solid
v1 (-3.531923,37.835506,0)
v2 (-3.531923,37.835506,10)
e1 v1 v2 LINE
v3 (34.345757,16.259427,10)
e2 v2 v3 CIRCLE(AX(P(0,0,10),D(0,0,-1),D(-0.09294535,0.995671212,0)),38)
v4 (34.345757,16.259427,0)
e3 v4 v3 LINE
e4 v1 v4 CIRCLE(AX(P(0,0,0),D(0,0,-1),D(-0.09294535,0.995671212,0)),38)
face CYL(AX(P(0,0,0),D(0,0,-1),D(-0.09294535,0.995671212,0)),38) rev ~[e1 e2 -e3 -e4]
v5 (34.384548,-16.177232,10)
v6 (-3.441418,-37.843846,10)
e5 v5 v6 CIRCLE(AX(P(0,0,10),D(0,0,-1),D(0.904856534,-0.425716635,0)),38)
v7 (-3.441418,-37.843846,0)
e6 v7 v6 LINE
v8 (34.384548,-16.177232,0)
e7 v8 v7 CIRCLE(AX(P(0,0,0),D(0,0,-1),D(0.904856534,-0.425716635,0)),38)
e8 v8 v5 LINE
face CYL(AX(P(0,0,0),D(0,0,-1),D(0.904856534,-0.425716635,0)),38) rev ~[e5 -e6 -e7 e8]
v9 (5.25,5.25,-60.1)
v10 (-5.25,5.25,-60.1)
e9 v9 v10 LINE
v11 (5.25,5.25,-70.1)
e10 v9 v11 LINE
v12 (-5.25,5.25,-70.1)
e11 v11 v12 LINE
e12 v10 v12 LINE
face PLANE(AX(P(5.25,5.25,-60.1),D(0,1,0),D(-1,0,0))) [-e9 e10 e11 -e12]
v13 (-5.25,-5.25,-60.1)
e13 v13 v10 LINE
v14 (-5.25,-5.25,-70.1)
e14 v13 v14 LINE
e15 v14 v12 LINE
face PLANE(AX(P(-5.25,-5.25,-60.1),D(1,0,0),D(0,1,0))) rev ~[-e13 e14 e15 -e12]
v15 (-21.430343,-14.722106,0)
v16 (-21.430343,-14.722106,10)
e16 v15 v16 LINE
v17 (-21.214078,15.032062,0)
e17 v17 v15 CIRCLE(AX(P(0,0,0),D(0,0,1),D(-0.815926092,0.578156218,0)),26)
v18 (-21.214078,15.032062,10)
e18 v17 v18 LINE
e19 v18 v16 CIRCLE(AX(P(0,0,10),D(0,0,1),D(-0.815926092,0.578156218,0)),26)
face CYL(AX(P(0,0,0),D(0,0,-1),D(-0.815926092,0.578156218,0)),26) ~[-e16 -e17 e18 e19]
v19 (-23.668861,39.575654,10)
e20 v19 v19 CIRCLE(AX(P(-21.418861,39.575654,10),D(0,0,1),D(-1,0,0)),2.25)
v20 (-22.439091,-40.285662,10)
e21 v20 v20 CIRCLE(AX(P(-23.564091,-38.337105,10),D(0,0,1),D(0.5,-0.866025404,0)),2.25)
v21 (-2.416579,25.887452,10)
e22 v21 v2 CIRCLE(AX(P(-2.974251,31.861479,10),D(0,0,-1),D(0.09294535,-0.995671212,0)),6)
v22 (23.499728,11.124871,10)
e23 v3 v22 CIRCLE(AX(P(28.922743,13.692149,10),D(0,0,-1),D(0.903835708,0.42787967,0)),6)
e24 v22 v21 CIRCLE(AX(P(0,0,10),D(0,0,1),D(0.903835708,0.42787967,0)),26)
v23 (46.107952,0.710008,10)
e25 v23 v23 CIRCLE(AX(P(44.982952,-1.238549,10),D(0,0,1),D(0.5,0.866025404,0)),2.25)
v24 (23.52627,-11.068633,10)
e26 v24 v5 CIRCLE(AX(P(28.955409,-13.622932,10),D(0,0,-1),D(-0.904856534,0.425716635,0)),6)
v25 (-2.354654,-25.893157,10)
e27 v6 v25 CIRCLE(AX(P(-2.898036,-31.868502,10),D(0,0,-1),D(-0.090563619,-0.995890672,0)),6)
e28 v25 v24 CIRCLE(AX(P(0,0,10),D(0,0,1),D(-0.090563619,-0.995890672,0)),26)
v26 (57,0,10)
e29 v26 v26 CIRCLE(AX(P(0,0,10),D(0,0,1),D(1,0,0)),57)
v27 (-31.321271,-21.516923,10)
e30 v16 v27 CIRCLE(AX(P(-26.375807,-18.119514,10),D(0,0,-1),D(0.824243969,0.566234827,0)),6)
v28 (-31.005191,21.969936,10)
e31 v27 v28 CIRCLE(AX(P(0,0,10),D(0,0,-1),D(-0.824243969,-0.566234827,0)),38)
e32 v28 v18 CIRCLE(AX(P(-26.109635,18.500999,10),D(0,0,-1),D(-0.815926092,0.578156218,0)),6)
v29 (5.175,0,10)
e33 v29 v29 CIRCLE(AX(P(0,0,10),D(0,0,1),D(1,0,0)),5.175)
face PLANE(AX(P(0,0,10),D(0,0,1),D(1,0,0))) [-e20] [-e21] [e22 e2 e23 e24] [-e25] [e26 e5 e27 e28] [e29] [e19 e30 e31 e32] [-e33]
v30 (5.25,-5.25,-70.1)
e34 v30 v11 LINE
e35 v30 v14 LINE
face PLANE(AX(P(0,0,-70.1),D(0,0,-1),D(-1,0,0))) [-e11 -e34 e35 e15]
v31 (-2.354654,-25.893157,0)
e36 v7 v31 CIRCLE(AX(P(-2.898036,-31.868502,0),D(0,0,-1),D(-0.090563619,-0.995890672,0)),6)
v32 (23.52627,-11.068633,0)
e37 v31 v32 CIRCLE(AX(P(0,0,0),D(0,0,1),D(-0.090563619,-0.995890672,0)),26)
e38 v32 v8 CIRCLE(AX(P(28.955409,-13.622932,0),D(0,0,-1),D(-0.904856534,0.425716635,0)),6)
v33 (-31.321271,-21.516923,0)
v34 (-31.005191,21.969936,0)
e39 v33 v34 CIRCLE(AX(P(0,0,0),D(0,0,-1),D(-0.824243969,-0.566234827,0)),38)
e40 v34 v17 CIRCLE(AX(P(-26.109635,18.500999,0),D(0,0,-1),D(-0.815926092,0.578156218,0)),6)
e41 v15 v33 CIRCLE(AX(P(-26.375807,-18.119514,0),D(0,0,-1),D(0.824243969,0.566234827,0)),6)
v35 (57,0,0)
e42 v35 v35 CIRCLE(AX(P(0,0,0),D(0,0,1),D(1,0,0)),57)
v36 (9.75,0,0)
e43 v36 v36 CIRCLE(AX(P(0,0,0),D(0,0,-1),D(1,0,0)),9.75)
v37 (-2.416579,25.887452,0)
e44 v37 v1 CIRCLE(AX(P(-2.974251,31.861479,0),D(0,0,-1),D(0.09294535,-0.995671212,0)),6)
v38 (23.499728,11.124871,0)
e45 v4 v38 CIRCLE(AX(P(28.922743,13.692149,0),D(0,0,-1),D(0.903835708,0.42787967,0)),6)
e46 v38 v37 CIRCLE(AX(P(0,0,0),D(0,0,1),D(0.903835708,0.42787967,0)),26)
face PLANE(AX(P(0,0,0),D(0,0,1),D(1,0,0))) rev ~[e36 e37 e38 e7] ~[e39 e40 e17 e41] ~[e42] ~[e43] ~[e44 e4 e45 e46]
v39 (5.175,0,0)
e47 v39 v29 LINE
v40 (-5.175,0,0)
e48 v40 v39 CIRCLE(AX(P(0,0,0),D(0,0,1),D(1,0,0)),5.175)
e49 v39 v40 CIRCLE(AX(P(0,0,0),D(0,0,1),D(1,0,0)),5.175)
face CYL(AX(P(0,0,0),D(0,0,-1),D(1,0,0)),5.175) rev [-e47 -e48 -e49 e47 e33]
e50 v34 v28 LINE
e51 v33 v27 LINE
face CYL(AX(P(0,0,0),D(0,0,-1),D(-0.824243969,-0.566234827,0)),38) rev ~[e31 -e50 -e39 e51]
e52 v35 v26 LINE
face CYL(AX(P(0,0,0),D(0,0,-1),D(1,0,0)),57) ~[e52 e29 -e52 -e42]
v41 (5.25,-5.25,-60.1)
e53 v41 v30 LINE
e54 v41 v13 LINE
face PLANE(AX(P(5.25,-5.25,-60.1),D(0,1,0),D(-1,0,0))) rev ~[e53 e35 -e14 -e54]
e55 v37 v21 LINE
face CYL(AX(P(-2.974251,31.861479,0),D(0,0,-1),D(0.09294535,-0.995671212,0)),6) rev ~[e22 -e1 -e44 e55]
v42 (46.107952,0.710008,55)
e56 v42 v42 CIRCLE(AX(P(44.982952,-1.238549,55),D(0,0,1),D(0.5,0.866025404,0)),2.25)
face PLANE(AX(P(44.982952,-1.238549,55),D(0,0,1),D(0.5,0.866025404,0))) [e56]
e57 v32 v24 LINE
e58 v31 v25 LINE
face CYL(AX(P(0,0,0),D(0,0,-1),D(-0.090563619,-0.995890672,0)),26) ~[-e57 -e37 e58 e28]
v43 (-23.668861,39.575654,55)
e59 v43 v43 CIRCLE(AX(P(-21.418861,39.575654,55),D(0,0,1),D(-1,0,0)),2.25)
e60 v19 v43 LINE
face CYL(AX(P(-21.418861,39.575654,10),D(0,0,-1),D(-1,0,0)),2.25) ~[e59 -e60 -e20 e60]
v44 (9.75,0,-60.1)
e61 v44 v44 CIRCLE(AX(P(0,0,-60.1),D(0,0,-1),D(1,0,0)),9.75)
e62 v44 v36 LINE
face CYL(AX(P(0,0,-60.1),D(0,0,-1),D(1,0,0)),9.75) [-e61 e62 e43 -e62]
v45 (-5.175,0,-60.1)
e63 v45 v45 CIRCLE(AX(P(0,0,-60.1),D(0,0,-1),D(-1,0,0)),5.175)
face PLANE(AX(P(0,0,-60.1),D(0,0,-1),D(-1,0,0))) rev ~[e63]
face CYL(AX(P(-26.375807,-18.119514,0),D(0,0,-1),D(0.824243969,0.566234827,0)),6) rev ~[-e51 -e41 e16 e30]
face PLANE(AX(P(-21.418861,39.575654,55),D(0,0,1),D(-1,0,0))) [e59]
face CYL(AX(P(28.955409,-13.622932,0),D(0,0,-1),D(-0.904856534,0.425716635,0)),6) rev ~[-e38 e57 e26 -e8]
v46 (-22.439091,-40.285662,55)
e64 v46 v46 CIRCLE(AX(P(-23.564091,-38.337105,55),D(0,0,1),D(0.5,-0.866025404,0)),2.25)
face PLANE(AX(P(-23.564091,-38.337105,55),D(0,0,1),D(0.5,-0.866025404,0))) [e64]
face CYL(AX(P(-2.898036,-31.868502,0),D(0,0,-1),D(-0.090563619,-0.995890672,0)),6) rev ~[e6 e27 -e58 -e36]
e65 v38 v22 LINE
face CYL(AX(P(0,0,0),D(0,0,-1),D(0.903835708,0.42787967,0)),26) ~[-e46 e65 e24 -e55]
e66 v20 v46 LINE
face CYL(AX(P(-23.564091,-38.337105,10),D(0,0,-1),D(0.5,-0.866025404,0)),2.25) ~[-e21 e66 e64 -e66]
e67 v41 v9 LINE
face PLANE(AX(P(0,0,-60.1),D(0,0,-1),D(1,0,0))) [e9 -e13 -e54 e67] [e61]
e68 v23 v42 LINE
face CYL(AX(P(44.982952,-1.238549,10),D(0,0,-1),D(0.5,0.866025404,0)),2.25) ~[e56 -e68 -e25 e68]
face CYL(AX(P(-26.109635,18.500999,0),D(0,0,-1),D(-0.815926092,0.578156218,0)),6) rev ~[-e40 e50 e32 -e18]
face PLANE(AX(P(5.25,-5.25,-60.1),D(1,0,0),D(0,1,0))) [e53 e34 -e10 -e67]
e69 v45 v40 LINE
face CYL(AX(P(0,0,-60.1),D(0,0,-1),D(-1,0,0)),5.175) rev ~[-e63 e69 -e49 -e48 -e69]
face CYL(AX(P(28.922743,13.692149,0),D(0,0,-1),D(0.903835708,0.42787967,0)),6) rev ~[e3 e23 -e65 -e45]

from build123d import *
from build123d.topology import SkipClean

# Parameters (mm, degrees)
SKETCH1_R           = 57
SKETCH1_R_2         = 5.175
BOSS_EXTRUDE1_DEPTH = 10
SKETCH3_R           = 2.25
BOSS_EXTRUDE2_DEPTH = 45
BOSS_EXTRUDE3_START = 60.1
SKETCH4_R           = 9.75
SKETCH4_R_2         = 5.175
BOSS_EXTRUDE3_DEPTH = 60.1
SKETCH5_W           = 10.5
SKETCH5_H           = 10.5
BOSS_EXTRUDE4_DEPTH = 10
CUT_EXTRUDE1_DEPTH  = 10
CIRPATTERN1_COUNT   = 3


with BuildPart() as part:
    # Sketch1 → Boss-Extrude1 (new body)
    with BuildSketch(Plane(origin=(0, 0, 0), x_dir=(0, 1, 0), z_dir=(0, 0, 1))):
        Circle(SKETCH1_R)
        Circle(SKETCH1_R_2, mode=Mode.SUBTRACT)
    extrude(amount=BOSS_EXTRUDE1_DEPTH)

    # Sketch3 → Boss-Extrude2 (add)
    with BuildSketch(Plane.XY.offset(10)):
        with Locations((-21.418860984, 39.575654059)):
            Circle(SKETCH3_R)
    boss_extrude2 = extrude(amount=BOSS_EXTRUDE2_DEPTH)

    # Sketch4 → Boss-Extrude3 (add)
    with SkipClean():  # the faces are left unmerged after this step: merging them gives an invalid solid
        with BuildSketch(Plane(origin=(0, 0, 0), x_dir=(-1, 0, 0), z_dir=(0, 0, -1)).offset(BOSS_EXTRUDE3_START)):
            Circle(SKETCH4_R)
            Circle(SKETCH4_R_2, mode=Mode.SUBTRACT)
        extrude(amount=-BOSS_EXTRUDE3_DEPTH)

    # Sketch5 → Boss-Extrude4 (add)
    with SkipClean():  # the faces are left unmerged after this step: merging them gives an invalid solid
        with BuildSketch(Plane(origin=(0, 0, -60.1), x_dir=(-1, 0, 0), z_dir=(0, 0, -1))):
            Rectangle(SKETCH5_W, SKETCH5_H)
        extrude(amount=BOSS_EXTRUDE4_DEPTH)

    # Sketch6 → Cut-Extrude1 (cut)
    with SkipClean():  # the faces are left unmerged after this step: merging them gives an invalid solid
        with BuildSketch(Plane(origin=(0, 0, 0), x_dir=(-1, 0, 0), z_dir=(0, 0, -1))):
            with BuildLine():
                ThreePointArc((-23.526269879, -11.068632508), (-31.509708891, -8.193793114), (-34.384548284, -16.177232126))
                ThreePointArc((-34.384548284, -16.177232126), (-18.887293866, -32.973779438), (3.441417522, -37.843845542))
                ThreePointArc((3.441417522, -37.843845542), (8.873379841, -31.325119796), (2.354654094, -25.893157476))
                ThreePointArc((2.354654094, -25.893157476), (-12.922885277, -22.561006984), (-23.526269879, -11.068632508))
            make_face()
            with BuildLine():
                ThreePointArc((2.41657911, 25.887451505), (8.948278483, 31.303806673), (3.531923315, 37.835506045))
                ThreePointArc((3.531923315, 37.835506045), (-18.808372522, 33.018860112), (-34.345756916, 16.259427476))
                ThreePointArc((-34.345756916, 16.259427476), (-31.490020689, 8.269135204), (-23.499728416, 11.124871431))
                ThreePointArc((-23.499728416, 11.124871431), (-12.868886462, 22.591851656), (2.41657911, 25.887451505))
            make_face()
            with BuildLine():
                ThreePointArc((21.430343191, -14.722105512), (22.978398041, -23.064978289), (31.321270818, -21.51692344))
                ThreePointArc((31.321270818, -21.51692344), (37.99899628, 0.276191416), (31.005191486, 21.969936298))
                ThreePointArc((31.005191486, 21.969936298), (22.640697625, 23.396555538), (21.214078385, 15.032061678))
                ThreePointArc((21.214078385, 15.032061678), (25.999313244, 0.188973074), (21.430343191, -14.722105512))
            make_face()
        extrude(amount=-CUT_EXTRUDE1_DEPTH, mode=Mode.SUBTRACT)

    # CirPattern1: Boss-Extrude2 ×3 about axis
    with SkipClean():  # the faces are left unmerged after this step: merging them gives an invalid solid
        cirpattern1_axis = Axis((0, 0, -60.1), (0, 0, 1))
        for i in range(1, CIRPATTERN1_COUNT):
            add(boss_extrude2.rotate(cirpattern1_axis, i * 360 / CIRPATTERN1_COUNT))


solid = part.part
